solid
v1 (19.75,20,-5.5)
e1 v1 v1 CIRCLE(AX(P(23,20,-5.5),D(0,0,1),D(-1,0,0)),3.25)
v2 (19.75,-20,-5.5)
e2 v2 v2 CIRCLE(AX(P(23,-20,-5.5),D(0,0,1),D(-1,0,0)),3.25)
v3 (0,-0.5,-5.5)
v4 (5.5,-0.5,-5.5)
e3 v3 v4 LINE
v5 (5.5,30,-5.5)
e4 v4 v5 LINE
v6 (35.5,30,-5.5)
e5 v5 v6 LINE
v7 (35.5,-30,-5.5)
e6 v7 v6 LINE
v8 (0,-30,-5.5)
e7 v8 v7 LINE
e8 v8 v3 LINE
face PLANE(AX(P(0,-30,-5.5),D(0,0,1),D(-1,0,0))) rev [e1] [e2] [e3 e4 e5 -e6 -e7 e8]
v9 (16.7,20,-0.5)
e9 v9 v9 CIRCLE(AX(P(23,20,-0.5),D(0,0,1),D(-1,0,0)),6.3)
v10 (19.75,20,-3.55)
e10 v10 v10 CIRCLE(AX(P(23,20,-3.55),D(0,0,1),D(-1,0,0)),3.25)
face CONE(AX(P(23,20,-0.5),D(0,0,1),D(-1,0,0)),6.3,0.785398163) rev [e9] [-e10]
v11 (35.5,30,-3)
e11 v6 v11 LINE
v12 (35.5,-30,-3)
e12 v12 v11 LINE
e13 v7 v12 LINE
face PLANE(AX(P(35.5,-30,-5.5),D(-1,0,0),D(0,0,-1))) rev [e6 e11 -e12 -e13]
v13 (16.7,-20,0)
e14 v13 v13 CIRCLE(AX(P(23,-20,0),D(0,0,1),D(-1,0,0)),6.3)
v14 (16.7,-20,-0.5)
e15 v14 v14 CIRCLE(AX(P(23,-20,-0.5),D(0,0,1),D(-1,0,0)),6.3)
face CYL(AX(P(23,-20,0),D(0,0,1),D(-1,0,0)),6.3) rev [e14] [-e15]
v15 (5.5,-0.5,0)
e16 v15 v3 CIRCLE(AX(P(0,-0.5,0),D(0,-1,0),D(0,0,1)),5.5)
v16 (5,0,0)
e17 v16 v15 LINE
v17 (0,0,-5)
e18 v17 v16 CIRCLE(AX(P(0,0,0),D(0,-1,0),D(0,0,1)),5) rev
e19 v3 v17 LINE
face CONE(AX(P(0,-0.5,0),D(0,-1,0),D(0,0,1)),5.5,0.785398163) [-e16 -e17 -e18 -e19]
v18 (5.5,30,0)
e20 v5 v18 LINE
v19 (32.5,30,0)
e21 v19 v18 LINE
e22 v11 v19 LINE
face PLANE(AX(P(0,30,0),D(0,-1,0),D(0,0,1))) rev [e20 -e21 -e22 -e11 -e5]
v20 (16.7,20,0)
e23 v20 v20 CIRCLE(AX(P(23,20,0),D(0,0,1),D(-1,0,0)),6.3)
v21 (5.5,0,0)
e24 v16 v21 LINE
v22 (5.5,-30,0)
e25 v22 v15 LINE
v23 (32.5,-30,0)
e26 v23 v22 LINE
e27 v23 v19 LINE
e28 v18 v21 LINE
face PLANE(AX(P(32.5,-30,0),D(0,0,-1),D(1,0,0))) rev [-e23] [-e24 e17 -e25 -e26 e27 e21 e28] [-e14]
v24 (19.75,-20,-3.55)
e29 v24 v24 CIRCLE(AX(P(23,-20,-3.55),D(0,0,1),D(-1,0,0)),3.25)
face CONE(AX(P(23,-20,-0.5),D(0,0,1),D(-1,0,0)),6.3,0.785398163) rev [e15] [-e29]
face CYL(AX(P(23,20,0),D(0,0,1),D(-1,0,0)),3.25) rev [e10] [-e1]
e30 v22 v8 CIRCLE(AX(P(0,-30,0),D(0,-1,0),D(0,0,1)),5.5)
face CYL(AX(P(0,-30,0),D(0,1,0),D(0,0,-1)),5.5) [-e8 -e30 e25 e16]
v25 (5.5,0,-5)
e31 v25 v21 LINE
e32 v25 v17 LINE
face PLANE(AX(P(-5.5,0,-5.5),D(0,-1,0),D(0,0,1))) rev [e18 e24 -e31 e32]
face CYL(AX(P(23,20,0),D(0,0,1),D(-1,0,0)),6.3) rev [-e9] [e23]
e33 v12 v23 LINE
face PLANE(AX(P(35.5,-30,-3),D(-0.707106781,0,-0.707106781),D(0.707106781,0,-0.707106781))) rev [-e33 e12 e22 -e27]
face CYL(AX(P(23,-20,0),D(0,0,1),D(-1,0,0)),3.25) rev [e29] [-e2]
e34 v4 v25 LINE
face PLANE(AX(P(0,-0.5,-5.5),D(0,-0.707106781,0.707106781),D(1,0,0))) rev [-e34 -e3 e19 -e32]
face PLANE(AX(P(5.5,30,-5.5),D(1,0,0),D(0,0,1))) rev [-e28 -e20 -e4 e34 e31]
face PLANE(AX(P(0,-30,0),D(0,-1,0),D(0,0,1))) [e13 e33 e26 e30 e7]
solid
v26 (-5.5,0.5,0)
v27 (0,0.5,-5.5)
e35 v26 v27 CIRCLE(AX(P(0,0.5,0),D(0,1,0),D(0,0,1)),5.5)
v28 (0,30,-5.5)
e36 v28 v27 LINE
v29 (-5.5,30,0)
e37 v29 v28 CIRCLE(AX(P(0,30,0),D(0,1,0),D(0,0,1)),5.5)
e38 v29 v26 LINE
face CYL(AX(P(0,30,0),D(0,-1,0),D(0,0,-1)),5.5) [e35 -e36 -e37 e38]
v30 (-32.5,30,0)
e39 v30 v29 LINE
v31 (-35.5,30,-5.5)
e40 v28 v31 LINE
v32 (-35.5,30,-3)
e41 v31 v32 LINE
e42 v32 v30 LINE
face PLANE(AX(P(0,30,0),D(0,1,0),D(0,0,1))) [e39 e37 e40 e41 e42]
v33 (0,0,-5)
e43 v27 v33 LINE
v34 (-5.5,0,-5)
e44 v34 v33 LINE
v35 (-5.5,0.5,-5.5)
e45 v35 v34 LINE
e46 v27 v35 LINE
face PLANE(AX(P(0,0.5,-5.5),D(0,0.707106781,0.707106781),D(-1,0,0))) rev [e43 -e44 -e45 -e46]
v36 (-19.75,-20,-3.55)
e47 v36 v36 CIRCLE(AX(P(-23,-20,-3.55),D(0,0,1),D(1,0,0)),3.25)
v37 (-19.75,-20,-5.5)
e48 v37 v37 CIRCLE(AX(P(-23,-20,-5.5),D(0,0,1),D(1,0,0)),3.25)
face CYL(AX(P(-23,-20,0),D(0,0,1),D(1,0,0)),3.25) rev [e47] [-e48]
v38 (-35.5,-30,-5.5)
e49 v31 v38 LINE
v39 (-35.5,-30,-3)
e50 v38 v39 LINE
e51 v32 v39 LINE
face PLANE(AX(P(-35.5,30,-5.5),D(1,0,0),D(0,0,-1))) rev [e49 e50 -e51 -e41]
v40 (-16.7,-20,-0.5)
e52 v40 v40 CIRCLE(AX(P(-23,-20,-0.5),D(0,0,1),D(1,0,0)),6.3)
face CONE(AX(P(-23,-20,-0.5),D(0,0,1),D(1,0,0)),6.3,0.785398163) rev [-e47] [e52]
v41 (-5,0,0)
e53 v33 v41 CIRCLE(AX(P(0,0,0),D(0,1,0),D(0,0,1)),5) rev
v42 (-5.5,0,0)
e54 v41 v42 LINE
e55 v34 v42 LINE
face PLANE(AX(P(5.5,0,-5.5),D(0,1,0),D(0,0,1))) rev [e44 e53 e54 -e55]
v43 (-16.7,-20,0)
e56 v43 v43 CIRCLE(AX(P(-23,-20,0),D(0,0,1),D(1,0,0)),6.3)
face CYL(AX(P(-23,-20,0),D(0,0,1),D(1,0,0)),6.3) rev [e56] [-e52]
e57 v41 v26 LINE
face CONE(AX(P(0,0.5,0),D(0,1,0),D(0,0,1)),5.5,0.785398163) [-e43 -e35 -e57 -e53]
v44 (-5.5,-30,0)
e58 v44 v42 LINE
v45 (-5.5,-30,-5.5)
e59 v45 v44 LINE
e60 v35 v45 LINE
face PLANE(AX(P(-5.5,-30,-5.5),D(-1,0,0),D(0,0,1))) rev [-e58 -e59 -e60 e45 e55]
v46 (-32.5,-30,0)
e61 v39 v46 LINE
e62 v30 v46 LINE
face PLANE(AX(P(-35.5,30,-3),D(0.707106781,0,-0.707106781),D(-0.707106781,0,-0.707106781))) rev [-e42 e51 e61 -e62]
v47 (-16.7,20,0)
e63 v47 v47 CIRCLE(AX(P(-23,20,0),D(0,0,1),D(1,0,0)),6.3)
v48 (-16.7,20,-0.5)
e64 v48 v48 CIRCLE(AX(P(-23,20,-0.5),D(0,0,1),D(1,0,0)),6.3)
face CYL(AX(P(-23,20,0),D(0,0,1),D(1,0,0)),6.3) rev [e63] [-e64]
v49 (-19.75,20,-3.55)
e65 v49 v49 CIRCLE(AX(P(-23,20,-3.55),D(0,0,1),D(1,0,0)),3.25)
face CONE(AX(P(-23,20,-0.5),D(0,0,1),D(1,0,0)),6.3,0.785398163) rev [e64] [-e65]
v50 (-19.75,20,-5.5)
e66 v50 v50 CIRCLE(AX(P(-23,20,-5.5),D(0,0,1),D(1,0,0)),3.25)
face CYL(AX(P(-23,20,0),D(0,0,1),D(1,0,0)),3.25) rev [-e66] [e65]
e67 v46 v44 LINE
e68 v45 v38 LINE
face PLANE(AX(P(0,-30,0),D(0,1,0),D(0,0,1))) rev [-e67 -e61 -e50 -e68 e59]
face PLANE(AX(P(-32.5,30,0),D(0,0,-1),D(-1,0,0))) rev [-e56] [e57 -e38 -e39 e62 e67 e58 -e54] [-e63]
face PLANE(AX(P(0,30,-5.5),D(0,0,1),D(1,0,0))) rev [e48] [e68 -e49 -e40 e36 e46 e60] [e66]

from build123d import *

# Parameters (mm, degrees)
EXTRUDE_1_DEPTH            = 30
SKETCH_3_W                 = 11
SKETCH_3_H                 = 30
CUT_EXTRUDE_1_DEPTH        = 6.5
CUT_EXTRUDE_1_DEPTH_BACK   = 6.5
HOLE_WIZARD_M61_AT_2_COUNT = 2
HOLE_WIZARD_M61_AT_2_PITCH = 40
CHAMFER_1_SIZE             = 0.5
PATTERN_CIRCULAR_1_COUNT   = 2


with BuildPart() as part:
    # Эскиз1 → Бобышка-Вытянуть1 (new body, symmetric)
    with BuildSketch(Plane(origin=(0, 0, 0), x_dir=(1, 0, 0), z_dir=(0, 1, 0))):
        with BuildLine():
            Line((0, 5.5), (-35.5, 5.5))
            Line((-35.5, 5.5), (-35.5, 3))
            Line((-35.5, 3), (-32.5, 0))
            Line((-32.5, 0), (-5.5, 0))
            ThreePointArc((-5.5, 0), (3.889087297, -3.889087297), (0, 5.5))
        make_face()
    extrude(amount=EXTRUDE_1_DEPTH, both=True)

    # Эскиз3 → Вырез-Вытянуть1 (cut, two sides)
    with BuildSketch(Plane.XY) as cut_extrude_1_sk:
        with Locations((0, -15)):
            Rectangle(SKETCH_3_W, SKETCH_3_H)
    extrude(amount=CUT_EXTRUDE_1_DEPTH, mode=Mode.SUBTRACT)
    extrude(cut_extrude_1_sk.sketch, amount=-CUT_EXTRUDE_1_DEPTH_BACK, mode=Mode.SUBTRACT)

    # Эскиз6 → Зенковка для винта с полупотайной головкой M61 (revolve, cut)
    with BuildSketch(Plane(origin=(-23, 20, 0), x_dir=(0, -1, 0), z_dir=(1, 0, 0))):
        Polygon((0, 0), (0, 5.5), (3.25, 5.5), (3.25, 3.55), (6.3, 0.5), (6.3, 0), align=None)
    hole_wizard_m61 = revolve(axis=Axis((-23, 20, 6.35), (0, 0, -1)), mode=Mode.SUBTRACT)

    # Зенковка для винта с полупотайной головкой M61 at 2: Зенковка для винта с полупотайной головкой M61 ×2
    with Locations(*[(0, -i * HOLE_WIZARD_M61_AT_2_PITCH, 0) for i in range(1, HOLE_WIZARD_M61_AT_2_COUNT)]):
        add(hole_wizard_m61, mode=Mode.SUBTRACT)

    # Фаска1
    chamfer_1_edges = [part.edges().sort_by_distance(p)[0] for p in [
        (3.889087297, 0, 3.889087297),
        (-2.75, 0, -5.5),
    ]]
    chamfer(chamfer_1_edges, length=CHAMFER_1_SIZE)


with BuildPart() as pattern_circular_1_1:
    # Круговой массив1: pattern copy
    add(part.part.rotate(Axis((0, 0, 0), (0, 0, 1)), 1 * 360 / PATTERN_CIRCULAR_1_COUNT))


solid = Compound([part.part, pattern_circular_1_1.part])
